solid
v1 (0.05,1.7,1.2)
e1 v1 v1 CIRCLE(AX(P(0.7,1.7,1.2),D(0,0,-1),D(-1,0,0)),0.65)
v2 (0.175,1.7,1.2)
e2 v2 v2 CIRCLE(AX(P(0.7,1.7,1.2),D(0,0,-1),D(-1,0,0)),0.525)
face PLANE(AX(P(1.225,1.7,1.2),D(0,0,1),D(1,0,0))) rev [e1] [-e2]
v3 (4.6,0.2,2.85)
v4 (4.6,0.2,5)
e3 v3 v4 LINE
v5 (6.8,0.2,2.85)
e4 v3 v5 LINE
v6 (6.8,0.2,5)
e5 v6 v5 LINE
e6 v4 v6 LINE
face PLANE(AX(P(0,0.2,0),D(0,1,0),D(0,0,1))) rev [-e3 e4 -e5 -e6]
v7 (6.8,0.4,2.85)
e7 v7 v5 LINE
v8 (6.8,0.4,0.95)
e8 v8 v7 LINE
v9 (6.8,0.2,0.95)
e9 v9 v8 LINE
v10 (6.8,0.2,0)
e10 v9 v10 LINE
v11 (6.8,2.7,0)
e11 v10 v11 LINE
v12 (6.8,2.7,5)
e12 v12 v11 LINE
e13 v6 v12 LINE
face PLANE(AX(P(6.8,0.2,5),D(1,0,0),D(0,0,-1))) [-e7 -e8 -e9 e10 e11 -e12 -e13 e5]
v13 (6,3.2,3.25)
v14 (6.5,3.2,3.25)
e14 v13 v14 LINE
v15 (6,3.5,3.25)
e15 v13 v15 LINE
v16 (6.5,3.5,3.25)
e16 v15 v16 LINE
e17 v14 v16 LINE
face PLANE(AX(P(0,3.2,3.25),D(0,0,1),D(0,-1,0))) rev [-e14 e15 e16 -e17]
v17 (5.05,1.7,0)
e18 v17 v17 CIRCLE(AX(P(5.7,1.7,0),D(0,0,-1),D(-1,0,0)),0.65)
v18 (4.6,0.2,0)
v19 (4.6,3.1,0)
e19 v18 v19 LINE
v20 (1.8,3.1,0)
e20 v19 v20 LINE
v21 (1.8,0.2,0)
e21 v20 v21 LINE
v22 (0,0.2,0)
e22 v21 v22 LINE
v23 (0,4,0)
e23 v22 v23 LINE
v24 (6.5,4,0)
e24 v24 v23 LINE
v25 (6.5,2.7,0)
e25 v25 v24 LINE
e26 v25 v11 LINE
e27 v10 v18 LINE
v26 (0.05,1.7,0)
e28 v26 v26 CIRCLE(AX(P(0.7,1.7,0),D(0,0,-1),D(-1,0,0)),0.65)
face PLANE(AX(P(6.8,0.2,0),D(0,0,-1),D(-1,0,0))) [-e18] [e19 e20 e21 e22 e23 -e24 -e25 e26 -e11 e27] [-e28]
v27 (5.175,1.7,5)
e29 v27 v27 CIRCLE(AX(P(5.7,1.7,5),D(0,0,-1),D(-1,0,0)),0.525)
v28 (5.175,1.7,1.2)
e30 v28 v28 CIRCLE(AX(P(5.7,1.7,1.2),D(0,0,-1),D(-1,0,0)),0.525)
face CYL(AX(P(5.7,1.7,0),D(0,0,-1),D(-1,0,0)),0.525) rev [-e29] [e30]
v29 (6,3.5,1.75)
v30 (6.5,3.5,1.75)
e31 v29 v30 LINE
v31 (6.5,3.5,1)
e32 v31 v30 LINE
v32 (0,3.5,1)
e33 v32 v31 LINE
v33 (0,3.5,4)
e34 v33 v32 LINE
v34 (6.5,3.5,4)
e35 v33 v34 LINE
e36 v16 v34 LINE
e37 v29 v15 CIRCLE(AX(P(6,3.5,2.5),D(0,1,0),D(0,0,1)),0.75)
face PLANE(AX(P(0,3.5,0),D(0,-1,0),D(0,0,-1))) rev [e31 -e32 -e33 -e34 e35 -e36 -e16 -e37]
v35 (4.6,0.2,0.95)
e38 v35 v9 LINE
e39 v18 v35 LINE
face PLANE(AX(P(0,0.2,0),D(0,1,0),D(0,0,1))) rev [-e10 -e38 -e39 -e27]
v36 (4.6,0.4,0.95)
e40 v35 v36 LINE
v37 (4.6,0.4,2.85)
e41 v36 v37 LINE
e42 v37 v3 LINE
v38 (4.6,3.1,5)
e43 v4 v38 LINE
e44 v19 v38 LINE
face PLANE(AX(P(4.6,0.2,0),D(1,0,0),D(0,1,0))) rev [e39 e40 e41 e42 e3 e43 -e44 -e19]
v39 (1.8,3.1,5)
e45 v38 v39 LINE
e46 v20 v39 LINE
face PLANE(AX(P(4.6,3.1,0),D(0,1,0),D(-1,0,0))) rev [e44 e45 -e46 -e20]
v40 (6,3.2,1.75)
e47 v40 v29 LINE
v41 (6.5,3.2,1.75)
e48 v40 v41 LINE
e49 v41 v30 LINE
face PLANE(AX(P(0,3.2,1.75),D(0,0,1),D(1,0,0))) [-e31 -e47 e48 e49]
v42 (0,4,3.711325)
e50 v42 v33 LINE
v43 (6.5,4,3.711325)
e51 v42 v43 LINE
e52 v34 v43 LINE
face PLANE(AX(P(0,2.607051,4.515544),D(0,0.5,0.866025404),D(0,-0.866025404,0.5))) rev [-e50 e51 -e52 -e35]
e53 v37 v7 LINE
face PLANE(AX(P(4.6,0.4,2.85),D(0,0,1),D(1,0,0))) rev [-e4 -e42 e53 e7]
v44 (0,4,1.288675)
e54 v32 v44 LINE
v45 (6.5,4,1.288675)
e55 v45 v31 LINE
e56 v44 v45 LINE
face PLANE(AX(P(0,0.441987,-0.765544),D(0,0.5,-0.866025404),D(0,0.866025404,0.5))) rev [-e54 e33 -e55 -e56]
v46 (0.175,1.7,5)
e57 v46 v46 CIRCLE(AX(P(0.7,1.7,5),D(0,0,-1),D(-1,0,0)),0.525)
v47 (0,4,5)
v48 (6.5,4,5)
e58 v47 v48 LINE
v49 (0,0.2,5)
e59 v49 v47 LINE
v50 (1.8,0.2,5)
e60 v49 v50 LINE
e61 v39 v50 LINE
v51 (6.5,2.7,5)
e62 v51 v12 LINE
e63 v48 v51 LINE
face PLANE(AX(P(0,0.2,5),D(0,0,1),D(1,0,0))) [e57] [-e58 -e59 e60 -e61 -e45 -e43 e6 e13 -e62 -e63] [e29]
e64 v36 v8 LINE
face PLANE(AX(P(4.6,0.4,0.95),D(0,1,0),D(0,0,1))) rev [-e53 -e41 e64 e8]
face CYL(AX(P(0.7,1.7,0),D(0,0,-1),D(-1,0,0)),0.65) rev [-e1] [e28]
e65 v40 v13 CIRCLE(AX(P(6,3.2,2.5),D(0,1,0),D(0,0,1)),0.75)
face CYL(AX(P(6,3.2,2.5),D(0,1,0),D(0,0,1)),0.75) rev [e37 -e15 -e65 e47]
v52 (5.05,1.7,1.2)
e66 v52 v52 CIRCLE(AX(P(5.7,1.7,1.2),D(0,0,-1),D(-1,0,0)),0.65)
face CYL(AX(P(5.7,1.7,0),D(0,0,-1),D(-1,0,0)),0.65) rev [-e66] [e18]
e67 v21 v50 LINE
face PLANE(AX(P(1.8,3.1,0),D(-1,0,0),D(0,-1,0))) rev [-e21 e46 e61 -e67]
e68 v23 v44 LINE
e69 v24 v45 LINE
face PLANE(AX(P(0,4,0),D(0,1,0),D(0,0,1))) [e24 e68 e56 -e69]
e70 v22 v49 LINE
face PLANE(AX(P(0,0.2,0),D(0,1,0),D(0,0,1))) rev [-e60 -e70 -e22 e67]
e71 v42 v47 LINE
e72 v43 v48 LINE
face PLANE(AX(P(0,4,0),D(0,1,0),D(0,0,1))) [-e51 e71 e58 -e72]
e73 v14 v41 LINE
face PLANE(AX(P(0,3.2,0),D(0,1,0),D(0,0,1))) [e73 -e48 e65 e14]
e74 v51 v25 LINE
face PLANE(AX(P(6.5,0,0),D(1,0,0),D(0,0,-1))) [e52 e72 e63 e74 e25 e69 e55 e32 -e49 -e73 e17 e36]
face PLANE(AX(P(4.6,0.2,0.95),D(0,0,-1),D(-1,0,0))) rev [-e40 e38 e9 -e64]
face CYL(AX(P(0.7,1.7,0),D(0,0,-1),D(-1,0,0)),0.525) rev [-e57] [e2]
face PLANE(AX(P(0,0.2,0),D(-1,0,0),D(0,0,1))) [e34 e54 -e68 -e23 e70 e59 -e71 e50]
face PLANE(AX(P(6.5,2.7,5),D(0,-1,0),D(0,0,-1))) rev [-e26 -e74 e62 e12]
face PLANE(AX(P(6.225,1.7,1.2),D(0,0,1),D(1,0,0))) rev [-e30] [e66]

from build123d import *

# Parameters (mm, degrees)
SKETCH1_W           = 6.8
SKETCH1_H           = 5
BOSS_EXTRUDE1_DEPTH = 3.8
SKETCH3_W           = 2.8
SKETCH3_H           = 2.9
CUT_EXTRUDE2_DEPTH  = 10.340235543
SKETCH4_W           = 1.9
SKETCH4_H           = 0.2
CUT_EXTRUDE3_DEPTH  = 2.2
HOLE1_D             = 1.05
HOLE1_CBORE_D       = 1.3
HOLE1_CBORE_DEPTH   = 1.2
CUT_EXTRUDE9_DEPTH  = 10.340235543
CUT_EXTRUDE10_DEPTH = 0.3
SKETCH20_W          = 5
SKETCH20_H          = 1.3
CUT_EXTRUDE11_DEPTH = 0.3


with BuildPart() as part:
    # Sketch1 → Boss-Extrude1 (new body)
    with BuildSketch(Plane(origin=(0, 4, 0), x_dir=(-1, 0, 0), z_dir=(0, 1, 0))):
        with Locations((-3.4, 2.5)):
            Rectangle(SKETCH1_W, SKETCH1_H)
    extrude(amount=-BOSS_EXTRUDE1_DEPTH)

    # Sketch3 → Cut-Extrude2 (cut, through all)
    with BuildSketch(Plane.XY.offset(5)):
        with Locations((3.2, 1.65)):
            Rectangle(SKETCH3_W, SKETCH3_H)
    extrude(amount=-CUT_EXTRUDE2_DEPTH, mode=Mode.SUBTRACT)

    # Sketch4 → Cut-Extrude3 (cut)
    with BuildSketch(Plane(origin=(6.8, 0, 0), x_dir=(0, 0, -1), z_dir=(1, 0, 0))):
        with Locations((-1.9, 0.3)):
            Rectangle(SKETCH4_W, SKETCH4_H)
    extrude(amount=-CUT_EXTRUDE3_DEPTH, mode=Mode.SUBTRACT)

    # Hole1 (through all)
    with Locations(Plane(origin=(0, 0, 0), x_dir=(-1, 0, 0), z_dir=(0, 0, -1))):
        with Locations((-5.7, 1.7), (-0.7, 1.7)):
            CounterBoreHole(HOLE1_D / 2, HOLE1_CBORE_D / 2, HOLE1_CBORE_DEPTH)

    # Sketch18 → Cut-Extrude9 (cut, through all)
    with BuildSketch(Plane(origin=(6.8, 0, 0), x_dir=(0, 0, -1), z_dir=(1, 0, 0))):
        Polygon((-1.288675135, 4), (-3.711324865, 4), (-4, 3.5), (-1, 3.5), align=None)
    extrude(amount=-CUT_EXTRUDE9_DEPTH, mode=Mode.SUBTRACT)

    # Sketch19 → Cut-Extrude10 (cut)
    with BuildSketch(Plane(origin=(0, 3.5, 0), x_dir=(1, 0, 0), z_dir=(0, 1, 0))):
        with BuildLine():
            Line((6.8, -1.75), (6, -1.75))
            ThreePointArc((6, -1.75), (6.530330086, -1.969669914), (6.75, -2.5))
            ThreePointArc((6.75, -2.5), (6.530330086, -3.030330086), (6, -3.25))
            Line((6, -3.25), (6.8, -3.25))
            Line((6.8, -3.25), (6.8, -1.75))
        make_face()
        with BuildLine():
            ThreePointArc((6.75, -2.5), (6.530330086, -1.969669914), (6, -1.75))
            Line((6, -1.75), (6, -3.25))
            ThreePointArc((6, -3.25), (6.530330086, -3.030330086), (6.75, -2.5))
        make_face()
        with BuildLine():
            Line((6, -3.25), (6, -1.75))
            ThreePointArc((6, -1.75), (5.25, -2.5), (6, -3.25))
        make_face()
    extrude(amount=-CUT_EXTRUDE10_DEPTH, mode=Mode.SUBTRACT)

    # Sketch20 → Cut-Extrude11 (cut)
    with BuildSketch(Plane(origin=(6.8, 0, 0), x_dir=(0, 0, -1), z_dir=(1, 0, 0))):
        with Locations((-2.5, 3.35)):
            Rectangle(SKETCH20_W, SKETCH20_H)
    extrude(amount=-CUT_EXTRUDE11_DEPTH, mode=Mode.SUBTRACT)


solid = part.part
